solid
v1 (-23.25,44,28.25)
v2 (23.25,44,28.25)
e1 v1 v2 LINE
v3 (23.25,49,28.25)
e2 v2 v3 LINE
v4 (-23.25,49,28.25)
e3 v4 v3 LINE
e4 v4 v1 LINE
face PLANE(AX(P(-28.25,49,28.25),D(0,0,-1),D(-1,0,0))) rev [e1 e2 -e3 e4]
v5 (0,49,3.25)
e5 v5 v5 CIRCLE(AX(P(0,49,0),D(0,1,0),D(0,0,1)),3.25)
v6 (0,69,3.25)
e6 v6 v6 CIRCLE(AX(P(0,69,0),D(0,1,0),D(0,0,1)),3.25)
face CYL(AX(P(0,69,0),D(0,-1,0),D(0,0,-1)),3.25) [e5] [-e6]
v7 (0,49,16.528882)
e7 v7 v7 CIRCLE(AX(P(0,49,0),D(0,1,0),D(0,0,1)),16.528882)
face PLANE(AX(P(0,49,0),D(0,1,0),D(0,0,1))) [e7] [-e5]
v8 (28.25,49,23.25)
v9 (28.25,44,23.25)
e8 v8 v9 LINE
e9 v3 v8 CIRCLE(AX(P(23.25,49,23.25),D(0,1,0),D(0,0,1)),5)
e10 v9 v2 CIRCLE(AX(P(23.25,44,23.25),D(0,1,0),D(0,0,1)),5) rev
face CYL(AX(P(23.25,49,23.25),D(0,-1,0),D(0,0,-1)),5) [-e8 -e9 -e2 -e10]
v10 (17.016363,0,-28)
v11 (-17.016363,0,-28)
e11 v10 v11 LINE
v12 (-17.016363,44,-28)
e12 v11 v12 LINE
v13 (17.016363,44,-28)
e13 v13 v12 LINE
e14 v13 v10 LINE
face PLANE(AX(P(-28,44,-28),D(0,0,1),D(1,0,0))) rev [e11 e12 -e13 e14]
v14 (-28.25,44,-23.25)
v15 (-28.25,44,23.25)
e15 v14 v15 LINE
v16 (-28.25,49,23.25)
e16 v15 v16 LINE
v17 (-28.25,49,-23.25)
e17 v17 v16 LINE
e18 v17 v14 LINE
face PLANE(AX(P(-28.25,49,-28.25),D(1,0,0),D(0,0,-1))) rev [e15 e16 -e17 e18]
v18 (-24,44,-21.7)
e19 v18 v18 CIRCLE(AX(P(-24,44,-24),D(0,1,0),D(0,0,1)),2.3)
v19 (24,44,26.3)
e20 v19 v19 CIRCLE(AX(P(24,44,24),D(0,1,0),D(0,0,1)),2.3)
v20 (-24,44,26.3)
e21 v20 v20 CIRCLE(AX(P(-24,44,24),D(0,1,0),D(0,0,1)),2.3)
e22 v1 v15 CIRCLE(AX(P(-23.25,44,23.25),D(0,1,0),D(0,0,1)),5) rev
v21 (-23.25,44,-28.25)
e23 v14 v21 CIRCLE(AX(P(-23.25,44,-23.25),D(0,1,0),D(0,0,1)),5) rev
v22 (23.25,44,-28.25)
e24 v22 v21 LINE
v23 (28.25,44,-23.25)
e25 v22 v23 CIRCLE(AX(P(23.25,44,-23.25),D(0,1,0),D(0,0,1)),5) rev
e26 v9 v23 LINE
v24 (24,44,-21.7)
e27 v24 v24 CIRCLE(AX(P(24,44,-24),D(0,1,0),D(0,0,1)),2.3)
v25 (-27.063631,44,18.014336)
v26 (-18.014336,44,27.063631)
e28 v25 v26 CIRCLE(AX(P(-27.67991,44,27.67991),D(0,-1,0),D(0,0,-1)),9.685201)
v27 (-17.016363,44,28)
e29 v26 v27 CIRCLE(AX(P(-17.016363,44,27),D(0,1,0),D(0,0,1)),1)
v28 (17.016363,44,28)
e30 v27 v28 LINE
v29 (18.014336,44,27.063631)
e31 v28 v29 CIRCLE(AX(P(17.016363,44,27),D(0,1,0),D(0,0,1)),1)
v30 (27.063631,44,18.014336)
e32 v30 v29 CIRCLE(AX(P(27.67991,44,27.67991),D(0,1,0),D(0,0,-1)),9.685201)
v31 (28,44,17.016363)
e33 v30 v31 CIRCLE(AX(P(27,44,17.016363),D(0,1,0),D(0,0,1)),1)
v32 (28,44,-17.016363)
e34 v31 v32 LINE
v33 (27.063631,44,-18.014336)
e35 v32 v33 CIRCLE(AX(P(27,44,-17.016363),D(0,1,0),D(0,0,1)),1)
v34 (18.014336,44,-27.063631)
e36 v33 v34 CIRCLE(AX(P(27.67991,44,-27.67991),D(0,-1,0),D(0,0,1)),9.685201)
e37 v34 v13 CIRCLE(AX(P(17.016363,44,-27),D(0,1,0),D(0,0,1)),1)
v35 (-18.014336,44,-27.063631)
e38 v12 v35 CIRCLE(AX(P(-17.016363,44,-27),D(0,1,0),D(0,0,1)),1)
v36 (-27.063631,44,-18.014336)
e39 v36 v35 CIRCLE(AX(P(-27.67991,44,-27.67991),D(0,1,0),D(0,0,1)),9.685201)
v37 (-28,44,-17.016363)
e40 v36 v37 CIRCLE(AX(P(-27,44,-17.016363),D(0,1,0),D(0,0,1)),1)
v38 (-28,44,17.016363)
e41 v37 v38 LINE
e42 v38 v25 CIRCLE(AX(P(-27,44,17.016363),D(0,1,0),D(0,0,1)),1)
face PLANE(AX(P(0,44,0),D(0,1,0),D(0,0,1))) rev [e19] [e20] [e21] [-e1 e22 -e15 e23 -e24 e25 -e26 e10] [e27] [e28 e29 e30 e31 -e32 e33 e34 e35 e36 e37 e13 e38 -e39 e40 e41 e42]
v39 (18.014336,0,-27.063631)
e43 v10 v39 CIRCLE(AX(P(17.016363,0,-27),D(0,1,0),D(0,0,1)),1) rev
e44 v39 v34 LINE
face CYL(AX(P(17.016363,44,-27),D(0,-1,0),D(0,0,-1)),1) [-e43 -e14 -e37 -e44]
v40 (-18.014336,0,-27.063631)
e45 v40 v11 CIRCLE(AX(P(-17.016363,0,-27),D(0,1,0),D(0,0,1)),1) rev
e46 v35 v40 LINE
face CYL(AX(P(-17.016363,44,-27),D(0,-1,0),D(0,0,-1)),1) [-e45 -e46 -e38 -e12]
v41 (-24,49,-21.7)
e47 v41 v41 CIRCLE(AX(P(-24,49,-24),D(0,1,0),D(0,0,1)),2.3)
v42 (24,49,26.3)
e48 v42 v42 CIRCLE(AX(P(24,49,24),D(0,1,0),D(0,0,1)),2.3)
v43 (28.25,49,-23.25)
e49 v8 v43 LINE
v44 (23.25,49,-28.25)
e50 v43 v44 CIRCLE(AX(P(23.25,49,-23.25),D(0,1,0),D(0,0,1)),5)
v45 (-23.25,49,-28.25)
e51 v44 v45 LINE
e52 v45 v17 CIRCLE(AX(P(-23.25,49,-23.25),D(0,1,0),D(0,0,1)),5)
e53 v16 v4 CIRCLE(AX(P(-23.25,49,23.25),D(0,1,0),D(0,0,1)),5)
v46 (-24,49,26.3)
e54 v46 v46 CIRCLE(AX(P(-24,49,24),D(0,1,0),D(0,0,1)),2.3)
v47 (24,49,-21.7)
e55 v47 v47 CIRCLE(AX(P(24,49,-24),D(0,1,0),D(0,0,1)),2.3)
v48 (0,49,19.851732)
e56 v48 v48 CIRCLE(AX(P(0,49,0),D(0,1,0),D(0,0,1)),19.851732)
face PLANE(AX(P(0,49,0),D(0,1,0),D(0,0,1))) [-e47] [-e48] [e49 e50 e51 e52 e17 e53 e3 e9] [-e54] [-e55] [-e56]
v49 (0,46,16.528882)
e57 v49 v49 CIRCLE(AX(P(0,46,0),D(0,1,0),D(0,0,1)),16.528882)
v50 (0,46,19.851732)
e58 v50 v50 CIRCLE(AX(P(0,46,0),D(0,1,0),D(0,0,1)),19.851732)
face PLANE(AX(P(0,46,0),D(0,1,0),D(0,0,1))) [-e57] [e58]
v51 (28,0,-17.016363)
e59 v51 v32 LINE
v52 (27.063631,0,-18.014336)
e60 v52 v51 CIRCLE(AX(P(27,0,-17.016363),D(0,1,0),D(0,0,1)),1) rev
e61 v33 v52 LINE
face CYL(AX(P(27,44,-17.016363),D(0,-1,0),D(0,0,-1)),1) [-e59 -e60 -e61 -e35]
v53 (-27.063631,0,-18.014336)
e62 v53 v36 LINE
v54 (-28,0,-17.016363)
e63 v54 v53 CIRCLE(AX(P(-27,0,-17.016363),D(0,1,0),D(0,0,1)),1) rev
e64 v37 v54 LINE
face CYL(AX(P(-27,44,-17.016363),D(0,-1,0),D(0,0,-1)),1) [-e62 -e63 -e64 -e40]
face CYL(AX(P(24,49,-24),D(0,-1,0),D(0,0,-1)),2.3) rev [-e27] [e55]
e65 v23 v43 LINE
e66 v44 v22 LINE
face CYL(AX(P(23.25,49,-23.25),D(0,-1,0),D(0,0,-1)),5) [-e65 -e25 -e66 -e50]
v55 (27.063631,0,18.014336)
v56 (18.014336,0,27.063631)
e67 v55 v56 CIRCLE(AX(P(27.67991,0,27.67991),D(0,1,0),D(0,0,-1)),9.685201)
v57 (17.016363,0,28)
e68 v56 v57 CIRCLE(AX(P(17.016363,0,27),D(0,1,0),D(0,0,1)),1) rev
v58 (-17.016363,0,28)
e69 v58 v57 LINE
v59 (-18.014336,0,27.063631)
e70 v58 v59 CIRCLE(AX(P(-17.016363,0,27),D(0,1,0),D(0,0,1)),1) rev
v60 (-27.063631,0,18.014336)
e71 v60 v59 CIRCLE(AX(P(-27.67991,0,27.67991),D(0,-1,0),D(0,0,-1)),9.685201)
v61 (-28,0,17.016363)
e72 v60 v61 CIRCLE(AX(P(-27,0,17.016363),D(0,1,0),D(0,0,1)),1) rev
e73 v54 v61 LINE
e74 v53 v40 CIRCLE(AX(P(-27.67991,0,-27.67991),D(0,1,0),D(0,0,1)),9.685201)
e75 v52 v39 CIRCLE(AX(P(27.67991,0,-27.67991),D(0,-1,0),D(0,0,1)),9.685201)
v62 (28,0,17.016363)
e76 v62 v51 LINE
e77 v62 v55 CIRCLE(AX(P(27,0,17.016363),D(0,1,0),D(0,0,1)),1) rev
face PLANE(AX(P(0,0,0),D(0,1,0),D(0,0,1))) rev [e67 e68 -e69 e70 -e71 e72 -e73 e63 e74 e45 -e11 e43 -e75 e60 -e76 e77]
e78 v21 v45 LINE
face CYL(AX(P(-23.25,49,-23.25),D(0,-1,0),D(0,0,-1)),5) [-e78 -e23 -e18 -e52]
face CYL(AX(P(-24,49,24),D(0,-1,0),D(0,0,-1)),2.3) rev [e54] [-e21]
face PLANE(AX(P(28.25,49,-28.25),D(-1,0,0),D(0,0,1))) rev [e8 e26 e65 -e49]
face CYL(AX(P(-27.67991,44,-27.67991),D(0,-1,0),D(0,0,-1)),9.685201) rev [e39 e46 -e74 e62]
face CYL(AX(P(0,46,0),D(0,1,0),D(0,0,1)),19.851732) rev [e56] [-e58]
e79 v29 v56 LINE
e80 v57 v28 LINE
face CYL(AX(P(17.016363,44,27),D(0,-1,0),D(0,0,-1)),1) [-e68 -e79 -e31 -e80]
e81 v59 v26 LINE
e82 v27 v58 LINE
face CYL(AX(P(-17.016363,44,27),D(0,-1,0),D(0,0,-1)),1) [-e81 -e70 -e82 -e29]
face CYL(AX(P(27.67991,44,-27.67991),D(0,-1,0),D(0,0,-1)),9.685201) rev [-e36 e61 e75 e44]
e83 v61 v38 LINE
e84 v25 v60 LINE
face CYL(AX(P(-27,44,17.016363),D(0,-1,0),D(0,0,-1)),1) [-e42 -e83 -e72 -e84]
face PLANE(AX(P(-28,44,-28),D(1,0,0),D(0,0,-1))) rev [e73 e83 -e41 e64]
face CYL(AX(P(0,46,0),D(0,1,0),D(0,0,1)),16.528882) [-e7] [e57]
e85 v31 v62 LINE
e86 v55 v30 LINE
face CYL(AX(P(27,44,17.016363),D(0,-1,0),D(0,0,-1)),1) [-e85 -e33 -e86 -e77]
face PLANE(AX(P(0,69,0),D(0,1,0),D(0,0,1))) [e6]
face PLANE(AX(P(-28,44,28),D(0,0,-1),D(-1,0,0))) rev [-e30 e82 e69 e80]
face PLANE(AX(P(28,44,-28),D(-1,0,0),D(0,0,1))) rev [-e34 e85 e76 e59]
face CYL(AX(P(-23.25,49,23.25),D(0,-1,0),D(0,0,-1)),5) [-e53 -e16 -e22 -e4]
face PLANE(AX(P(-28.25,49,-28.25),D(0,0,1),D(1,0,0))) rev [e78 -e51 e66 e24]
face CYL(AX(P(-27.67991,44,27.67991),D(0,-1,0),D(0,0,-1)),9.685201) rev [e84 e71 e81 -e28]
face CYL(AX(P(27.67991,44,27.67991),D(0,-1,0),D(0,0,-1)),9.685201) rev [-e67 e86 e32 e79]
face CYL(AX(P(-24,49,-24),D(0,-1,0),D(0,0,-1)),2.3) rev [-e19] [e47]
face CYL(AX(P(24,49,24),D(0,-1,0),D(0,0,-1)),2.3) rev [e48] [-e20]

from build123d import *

# Parameters (mm, degrees)
SKETCH1_W                                = 56
SKETCH1_H                                = 56
BOSS_EXTRUDE1_DEPTH                      = 44
SKETCH2_W                                = 56.5
SKETCH2_H                                = 56.5
SKETCH2_R                                = 2.3
BOSS_EXTRUDE2_DEPTH                      = 5
SKETCH3_R                                = 19.851731711
SKETCH3_R_2                              = 16.528882373
CUT_EXTRUDE1_DEPTH                       = 3
SKETCH4_R                                = 3.25
BOSS_EXTRUDE3_DEPTH                      = 20
CUT_EXTRUDE2_DEPTH                       = 44
MIRROR1_AT_THE_SECOND_PLANE_COPY_1_DEPTH = 44
FILLET3_R                                = 1
FILLET2_R                                = 5


with BuildPart() as part:
    # Sketch1 → Boss-Extrude1 (new body)
    with BuildSketch(Plane(origin=(0, 0, 0), x_dir=(1, 0, 0), z_dir=(0, 1, 0))):
        Rectangle(SKETCH1_W, SKETCH1_H)
    extrude(amount=BOSS_EXTRUDE1_DEPTH)

    # Sketch2 → Boss-Extrude2 (add)
    with BuildSketch(Plane(origin=(0, 44, 0), x_dir=(1, 0, 0), z_dir=(0, 1, 0))):
        Rectangle(SKETCH2_W, SKETCH2_H)
        with Locations((-24, 24)):
            Circle(SKETCH2_R, mode=Mode.SUBTRACT)
        with Locations((24, 24)):
            Circle(SKETCH2_R, mode=Mode.SUBTRACT)
        with Locations((-24, -24)):
            Circle(SKETCH2_R, mode=Mode.SUBTRACT)
        with Locations((24, -24)):
            Circle(SKETCH2_R, mode=Mode.SUBTRACT)
    extrude(amount=BOSS_EXTRUDE2_DEPTH)

    # Sketch3 → Cut-Extrude1 (cut)
    with BuildSketch(Plane(origin=(0, 49, 0), x_dir=(1, 0, 0), z_dir=(0, 1, 0))):
        Circle(SKETCH3_R)
        Circle(SKETCH3_R_2, mode=Mode.SUBTRACT)
    extrude(amount=-CUT_EXTRUDE1_DEPTH, mode=Mode.SUBTRACT)

    # Sketch4 → Boss-Extrude3 (add)
    with BuildSketch(Plane(origin=(0, 49, 0), x_dir=(1, 0, 0), z_dir=(0, 1, 0))):
        Circle(SKETCH4_R)
    extrude(amount=BOSS_EXTRUDE3_DEPTH)

    # Sketch5 → Cut-Extrude2 (cut)
    with BuildSketch(Plane.XZ):
        with BuildLine():
            Line((-28, 18), (-28, 28))
            Line((-28, 28), (-18, 28))
            ThreePointArc((-18, 28), (-20.83143897, 20.83143897), (-28, 18))
        make_face()
    cut_extrude2 = extrude(amount=-CUT_EXTRUDE2_DEPTH, mode=Mode.SUBTRACT)

    # Mirror1: Cut-Extrude2 across plane
    add(cut_extrude2.mirror(Plane(origin=(0, 0, 0), x_dir=(0, 0, 1), z_dir=(1, 0, 0))), mode=Mode.SUBTRACT)

    # Mirror1 at the second plane: Cut-Extrude2 across plane
    add(cut_extrude2.mirror(Plane.XY), mode=Mode.SUBTRACT)

    # Mirror1 at the second plane copy 1 sketc → Mirror1 at the second plane copy 1 (cut)
    with BuildSketch(Plane(origin=(0, 0, 0), x_dir=(-1, 0, 0), z_dir=(0, -1, 0))):
        with BuildLine():
            Line((-28, 18), (-28, 28))
            Line((-28, 28), (-18, 28))
            ThreePointArc((-18, 28), (-20.83143897, 20.83143897), (-28, 18))
        make_face()
    extrude(amount=-MIRROR1_AT_THE_SECOND_PLANE_COPY_1_DEPTH, mode=Mode.SUBTRACT)

    # Fillet3
    fillet3_edges = [part.edges().sort_by_distance(p)[0] for p in [
        (-18, 22, 28),
        (-28, 22, 18),
        (-28, 22, -18),
        (-18, 22, -28),
        (28, 22, 18),
        (18, 22, 28),
        (18, 22, -28),
        (28, 22, -18),
    ]]
    fillet(fillet3_edges, radius=FILLET3_R)

    # Fillet2
    fillet2_edges = [part.edges().sort_by_distance(p)[0] for p in [
        (28.25, 46.5, 28.25),
        (28.25, 46.5, -28.25),
        (-28.25, 46.5, -28.25),
        (-28.25, 46.5, 28.25),
    ]]
    fillet(fillet2_edges, radius=FILLET2_R)


solid = part.part
